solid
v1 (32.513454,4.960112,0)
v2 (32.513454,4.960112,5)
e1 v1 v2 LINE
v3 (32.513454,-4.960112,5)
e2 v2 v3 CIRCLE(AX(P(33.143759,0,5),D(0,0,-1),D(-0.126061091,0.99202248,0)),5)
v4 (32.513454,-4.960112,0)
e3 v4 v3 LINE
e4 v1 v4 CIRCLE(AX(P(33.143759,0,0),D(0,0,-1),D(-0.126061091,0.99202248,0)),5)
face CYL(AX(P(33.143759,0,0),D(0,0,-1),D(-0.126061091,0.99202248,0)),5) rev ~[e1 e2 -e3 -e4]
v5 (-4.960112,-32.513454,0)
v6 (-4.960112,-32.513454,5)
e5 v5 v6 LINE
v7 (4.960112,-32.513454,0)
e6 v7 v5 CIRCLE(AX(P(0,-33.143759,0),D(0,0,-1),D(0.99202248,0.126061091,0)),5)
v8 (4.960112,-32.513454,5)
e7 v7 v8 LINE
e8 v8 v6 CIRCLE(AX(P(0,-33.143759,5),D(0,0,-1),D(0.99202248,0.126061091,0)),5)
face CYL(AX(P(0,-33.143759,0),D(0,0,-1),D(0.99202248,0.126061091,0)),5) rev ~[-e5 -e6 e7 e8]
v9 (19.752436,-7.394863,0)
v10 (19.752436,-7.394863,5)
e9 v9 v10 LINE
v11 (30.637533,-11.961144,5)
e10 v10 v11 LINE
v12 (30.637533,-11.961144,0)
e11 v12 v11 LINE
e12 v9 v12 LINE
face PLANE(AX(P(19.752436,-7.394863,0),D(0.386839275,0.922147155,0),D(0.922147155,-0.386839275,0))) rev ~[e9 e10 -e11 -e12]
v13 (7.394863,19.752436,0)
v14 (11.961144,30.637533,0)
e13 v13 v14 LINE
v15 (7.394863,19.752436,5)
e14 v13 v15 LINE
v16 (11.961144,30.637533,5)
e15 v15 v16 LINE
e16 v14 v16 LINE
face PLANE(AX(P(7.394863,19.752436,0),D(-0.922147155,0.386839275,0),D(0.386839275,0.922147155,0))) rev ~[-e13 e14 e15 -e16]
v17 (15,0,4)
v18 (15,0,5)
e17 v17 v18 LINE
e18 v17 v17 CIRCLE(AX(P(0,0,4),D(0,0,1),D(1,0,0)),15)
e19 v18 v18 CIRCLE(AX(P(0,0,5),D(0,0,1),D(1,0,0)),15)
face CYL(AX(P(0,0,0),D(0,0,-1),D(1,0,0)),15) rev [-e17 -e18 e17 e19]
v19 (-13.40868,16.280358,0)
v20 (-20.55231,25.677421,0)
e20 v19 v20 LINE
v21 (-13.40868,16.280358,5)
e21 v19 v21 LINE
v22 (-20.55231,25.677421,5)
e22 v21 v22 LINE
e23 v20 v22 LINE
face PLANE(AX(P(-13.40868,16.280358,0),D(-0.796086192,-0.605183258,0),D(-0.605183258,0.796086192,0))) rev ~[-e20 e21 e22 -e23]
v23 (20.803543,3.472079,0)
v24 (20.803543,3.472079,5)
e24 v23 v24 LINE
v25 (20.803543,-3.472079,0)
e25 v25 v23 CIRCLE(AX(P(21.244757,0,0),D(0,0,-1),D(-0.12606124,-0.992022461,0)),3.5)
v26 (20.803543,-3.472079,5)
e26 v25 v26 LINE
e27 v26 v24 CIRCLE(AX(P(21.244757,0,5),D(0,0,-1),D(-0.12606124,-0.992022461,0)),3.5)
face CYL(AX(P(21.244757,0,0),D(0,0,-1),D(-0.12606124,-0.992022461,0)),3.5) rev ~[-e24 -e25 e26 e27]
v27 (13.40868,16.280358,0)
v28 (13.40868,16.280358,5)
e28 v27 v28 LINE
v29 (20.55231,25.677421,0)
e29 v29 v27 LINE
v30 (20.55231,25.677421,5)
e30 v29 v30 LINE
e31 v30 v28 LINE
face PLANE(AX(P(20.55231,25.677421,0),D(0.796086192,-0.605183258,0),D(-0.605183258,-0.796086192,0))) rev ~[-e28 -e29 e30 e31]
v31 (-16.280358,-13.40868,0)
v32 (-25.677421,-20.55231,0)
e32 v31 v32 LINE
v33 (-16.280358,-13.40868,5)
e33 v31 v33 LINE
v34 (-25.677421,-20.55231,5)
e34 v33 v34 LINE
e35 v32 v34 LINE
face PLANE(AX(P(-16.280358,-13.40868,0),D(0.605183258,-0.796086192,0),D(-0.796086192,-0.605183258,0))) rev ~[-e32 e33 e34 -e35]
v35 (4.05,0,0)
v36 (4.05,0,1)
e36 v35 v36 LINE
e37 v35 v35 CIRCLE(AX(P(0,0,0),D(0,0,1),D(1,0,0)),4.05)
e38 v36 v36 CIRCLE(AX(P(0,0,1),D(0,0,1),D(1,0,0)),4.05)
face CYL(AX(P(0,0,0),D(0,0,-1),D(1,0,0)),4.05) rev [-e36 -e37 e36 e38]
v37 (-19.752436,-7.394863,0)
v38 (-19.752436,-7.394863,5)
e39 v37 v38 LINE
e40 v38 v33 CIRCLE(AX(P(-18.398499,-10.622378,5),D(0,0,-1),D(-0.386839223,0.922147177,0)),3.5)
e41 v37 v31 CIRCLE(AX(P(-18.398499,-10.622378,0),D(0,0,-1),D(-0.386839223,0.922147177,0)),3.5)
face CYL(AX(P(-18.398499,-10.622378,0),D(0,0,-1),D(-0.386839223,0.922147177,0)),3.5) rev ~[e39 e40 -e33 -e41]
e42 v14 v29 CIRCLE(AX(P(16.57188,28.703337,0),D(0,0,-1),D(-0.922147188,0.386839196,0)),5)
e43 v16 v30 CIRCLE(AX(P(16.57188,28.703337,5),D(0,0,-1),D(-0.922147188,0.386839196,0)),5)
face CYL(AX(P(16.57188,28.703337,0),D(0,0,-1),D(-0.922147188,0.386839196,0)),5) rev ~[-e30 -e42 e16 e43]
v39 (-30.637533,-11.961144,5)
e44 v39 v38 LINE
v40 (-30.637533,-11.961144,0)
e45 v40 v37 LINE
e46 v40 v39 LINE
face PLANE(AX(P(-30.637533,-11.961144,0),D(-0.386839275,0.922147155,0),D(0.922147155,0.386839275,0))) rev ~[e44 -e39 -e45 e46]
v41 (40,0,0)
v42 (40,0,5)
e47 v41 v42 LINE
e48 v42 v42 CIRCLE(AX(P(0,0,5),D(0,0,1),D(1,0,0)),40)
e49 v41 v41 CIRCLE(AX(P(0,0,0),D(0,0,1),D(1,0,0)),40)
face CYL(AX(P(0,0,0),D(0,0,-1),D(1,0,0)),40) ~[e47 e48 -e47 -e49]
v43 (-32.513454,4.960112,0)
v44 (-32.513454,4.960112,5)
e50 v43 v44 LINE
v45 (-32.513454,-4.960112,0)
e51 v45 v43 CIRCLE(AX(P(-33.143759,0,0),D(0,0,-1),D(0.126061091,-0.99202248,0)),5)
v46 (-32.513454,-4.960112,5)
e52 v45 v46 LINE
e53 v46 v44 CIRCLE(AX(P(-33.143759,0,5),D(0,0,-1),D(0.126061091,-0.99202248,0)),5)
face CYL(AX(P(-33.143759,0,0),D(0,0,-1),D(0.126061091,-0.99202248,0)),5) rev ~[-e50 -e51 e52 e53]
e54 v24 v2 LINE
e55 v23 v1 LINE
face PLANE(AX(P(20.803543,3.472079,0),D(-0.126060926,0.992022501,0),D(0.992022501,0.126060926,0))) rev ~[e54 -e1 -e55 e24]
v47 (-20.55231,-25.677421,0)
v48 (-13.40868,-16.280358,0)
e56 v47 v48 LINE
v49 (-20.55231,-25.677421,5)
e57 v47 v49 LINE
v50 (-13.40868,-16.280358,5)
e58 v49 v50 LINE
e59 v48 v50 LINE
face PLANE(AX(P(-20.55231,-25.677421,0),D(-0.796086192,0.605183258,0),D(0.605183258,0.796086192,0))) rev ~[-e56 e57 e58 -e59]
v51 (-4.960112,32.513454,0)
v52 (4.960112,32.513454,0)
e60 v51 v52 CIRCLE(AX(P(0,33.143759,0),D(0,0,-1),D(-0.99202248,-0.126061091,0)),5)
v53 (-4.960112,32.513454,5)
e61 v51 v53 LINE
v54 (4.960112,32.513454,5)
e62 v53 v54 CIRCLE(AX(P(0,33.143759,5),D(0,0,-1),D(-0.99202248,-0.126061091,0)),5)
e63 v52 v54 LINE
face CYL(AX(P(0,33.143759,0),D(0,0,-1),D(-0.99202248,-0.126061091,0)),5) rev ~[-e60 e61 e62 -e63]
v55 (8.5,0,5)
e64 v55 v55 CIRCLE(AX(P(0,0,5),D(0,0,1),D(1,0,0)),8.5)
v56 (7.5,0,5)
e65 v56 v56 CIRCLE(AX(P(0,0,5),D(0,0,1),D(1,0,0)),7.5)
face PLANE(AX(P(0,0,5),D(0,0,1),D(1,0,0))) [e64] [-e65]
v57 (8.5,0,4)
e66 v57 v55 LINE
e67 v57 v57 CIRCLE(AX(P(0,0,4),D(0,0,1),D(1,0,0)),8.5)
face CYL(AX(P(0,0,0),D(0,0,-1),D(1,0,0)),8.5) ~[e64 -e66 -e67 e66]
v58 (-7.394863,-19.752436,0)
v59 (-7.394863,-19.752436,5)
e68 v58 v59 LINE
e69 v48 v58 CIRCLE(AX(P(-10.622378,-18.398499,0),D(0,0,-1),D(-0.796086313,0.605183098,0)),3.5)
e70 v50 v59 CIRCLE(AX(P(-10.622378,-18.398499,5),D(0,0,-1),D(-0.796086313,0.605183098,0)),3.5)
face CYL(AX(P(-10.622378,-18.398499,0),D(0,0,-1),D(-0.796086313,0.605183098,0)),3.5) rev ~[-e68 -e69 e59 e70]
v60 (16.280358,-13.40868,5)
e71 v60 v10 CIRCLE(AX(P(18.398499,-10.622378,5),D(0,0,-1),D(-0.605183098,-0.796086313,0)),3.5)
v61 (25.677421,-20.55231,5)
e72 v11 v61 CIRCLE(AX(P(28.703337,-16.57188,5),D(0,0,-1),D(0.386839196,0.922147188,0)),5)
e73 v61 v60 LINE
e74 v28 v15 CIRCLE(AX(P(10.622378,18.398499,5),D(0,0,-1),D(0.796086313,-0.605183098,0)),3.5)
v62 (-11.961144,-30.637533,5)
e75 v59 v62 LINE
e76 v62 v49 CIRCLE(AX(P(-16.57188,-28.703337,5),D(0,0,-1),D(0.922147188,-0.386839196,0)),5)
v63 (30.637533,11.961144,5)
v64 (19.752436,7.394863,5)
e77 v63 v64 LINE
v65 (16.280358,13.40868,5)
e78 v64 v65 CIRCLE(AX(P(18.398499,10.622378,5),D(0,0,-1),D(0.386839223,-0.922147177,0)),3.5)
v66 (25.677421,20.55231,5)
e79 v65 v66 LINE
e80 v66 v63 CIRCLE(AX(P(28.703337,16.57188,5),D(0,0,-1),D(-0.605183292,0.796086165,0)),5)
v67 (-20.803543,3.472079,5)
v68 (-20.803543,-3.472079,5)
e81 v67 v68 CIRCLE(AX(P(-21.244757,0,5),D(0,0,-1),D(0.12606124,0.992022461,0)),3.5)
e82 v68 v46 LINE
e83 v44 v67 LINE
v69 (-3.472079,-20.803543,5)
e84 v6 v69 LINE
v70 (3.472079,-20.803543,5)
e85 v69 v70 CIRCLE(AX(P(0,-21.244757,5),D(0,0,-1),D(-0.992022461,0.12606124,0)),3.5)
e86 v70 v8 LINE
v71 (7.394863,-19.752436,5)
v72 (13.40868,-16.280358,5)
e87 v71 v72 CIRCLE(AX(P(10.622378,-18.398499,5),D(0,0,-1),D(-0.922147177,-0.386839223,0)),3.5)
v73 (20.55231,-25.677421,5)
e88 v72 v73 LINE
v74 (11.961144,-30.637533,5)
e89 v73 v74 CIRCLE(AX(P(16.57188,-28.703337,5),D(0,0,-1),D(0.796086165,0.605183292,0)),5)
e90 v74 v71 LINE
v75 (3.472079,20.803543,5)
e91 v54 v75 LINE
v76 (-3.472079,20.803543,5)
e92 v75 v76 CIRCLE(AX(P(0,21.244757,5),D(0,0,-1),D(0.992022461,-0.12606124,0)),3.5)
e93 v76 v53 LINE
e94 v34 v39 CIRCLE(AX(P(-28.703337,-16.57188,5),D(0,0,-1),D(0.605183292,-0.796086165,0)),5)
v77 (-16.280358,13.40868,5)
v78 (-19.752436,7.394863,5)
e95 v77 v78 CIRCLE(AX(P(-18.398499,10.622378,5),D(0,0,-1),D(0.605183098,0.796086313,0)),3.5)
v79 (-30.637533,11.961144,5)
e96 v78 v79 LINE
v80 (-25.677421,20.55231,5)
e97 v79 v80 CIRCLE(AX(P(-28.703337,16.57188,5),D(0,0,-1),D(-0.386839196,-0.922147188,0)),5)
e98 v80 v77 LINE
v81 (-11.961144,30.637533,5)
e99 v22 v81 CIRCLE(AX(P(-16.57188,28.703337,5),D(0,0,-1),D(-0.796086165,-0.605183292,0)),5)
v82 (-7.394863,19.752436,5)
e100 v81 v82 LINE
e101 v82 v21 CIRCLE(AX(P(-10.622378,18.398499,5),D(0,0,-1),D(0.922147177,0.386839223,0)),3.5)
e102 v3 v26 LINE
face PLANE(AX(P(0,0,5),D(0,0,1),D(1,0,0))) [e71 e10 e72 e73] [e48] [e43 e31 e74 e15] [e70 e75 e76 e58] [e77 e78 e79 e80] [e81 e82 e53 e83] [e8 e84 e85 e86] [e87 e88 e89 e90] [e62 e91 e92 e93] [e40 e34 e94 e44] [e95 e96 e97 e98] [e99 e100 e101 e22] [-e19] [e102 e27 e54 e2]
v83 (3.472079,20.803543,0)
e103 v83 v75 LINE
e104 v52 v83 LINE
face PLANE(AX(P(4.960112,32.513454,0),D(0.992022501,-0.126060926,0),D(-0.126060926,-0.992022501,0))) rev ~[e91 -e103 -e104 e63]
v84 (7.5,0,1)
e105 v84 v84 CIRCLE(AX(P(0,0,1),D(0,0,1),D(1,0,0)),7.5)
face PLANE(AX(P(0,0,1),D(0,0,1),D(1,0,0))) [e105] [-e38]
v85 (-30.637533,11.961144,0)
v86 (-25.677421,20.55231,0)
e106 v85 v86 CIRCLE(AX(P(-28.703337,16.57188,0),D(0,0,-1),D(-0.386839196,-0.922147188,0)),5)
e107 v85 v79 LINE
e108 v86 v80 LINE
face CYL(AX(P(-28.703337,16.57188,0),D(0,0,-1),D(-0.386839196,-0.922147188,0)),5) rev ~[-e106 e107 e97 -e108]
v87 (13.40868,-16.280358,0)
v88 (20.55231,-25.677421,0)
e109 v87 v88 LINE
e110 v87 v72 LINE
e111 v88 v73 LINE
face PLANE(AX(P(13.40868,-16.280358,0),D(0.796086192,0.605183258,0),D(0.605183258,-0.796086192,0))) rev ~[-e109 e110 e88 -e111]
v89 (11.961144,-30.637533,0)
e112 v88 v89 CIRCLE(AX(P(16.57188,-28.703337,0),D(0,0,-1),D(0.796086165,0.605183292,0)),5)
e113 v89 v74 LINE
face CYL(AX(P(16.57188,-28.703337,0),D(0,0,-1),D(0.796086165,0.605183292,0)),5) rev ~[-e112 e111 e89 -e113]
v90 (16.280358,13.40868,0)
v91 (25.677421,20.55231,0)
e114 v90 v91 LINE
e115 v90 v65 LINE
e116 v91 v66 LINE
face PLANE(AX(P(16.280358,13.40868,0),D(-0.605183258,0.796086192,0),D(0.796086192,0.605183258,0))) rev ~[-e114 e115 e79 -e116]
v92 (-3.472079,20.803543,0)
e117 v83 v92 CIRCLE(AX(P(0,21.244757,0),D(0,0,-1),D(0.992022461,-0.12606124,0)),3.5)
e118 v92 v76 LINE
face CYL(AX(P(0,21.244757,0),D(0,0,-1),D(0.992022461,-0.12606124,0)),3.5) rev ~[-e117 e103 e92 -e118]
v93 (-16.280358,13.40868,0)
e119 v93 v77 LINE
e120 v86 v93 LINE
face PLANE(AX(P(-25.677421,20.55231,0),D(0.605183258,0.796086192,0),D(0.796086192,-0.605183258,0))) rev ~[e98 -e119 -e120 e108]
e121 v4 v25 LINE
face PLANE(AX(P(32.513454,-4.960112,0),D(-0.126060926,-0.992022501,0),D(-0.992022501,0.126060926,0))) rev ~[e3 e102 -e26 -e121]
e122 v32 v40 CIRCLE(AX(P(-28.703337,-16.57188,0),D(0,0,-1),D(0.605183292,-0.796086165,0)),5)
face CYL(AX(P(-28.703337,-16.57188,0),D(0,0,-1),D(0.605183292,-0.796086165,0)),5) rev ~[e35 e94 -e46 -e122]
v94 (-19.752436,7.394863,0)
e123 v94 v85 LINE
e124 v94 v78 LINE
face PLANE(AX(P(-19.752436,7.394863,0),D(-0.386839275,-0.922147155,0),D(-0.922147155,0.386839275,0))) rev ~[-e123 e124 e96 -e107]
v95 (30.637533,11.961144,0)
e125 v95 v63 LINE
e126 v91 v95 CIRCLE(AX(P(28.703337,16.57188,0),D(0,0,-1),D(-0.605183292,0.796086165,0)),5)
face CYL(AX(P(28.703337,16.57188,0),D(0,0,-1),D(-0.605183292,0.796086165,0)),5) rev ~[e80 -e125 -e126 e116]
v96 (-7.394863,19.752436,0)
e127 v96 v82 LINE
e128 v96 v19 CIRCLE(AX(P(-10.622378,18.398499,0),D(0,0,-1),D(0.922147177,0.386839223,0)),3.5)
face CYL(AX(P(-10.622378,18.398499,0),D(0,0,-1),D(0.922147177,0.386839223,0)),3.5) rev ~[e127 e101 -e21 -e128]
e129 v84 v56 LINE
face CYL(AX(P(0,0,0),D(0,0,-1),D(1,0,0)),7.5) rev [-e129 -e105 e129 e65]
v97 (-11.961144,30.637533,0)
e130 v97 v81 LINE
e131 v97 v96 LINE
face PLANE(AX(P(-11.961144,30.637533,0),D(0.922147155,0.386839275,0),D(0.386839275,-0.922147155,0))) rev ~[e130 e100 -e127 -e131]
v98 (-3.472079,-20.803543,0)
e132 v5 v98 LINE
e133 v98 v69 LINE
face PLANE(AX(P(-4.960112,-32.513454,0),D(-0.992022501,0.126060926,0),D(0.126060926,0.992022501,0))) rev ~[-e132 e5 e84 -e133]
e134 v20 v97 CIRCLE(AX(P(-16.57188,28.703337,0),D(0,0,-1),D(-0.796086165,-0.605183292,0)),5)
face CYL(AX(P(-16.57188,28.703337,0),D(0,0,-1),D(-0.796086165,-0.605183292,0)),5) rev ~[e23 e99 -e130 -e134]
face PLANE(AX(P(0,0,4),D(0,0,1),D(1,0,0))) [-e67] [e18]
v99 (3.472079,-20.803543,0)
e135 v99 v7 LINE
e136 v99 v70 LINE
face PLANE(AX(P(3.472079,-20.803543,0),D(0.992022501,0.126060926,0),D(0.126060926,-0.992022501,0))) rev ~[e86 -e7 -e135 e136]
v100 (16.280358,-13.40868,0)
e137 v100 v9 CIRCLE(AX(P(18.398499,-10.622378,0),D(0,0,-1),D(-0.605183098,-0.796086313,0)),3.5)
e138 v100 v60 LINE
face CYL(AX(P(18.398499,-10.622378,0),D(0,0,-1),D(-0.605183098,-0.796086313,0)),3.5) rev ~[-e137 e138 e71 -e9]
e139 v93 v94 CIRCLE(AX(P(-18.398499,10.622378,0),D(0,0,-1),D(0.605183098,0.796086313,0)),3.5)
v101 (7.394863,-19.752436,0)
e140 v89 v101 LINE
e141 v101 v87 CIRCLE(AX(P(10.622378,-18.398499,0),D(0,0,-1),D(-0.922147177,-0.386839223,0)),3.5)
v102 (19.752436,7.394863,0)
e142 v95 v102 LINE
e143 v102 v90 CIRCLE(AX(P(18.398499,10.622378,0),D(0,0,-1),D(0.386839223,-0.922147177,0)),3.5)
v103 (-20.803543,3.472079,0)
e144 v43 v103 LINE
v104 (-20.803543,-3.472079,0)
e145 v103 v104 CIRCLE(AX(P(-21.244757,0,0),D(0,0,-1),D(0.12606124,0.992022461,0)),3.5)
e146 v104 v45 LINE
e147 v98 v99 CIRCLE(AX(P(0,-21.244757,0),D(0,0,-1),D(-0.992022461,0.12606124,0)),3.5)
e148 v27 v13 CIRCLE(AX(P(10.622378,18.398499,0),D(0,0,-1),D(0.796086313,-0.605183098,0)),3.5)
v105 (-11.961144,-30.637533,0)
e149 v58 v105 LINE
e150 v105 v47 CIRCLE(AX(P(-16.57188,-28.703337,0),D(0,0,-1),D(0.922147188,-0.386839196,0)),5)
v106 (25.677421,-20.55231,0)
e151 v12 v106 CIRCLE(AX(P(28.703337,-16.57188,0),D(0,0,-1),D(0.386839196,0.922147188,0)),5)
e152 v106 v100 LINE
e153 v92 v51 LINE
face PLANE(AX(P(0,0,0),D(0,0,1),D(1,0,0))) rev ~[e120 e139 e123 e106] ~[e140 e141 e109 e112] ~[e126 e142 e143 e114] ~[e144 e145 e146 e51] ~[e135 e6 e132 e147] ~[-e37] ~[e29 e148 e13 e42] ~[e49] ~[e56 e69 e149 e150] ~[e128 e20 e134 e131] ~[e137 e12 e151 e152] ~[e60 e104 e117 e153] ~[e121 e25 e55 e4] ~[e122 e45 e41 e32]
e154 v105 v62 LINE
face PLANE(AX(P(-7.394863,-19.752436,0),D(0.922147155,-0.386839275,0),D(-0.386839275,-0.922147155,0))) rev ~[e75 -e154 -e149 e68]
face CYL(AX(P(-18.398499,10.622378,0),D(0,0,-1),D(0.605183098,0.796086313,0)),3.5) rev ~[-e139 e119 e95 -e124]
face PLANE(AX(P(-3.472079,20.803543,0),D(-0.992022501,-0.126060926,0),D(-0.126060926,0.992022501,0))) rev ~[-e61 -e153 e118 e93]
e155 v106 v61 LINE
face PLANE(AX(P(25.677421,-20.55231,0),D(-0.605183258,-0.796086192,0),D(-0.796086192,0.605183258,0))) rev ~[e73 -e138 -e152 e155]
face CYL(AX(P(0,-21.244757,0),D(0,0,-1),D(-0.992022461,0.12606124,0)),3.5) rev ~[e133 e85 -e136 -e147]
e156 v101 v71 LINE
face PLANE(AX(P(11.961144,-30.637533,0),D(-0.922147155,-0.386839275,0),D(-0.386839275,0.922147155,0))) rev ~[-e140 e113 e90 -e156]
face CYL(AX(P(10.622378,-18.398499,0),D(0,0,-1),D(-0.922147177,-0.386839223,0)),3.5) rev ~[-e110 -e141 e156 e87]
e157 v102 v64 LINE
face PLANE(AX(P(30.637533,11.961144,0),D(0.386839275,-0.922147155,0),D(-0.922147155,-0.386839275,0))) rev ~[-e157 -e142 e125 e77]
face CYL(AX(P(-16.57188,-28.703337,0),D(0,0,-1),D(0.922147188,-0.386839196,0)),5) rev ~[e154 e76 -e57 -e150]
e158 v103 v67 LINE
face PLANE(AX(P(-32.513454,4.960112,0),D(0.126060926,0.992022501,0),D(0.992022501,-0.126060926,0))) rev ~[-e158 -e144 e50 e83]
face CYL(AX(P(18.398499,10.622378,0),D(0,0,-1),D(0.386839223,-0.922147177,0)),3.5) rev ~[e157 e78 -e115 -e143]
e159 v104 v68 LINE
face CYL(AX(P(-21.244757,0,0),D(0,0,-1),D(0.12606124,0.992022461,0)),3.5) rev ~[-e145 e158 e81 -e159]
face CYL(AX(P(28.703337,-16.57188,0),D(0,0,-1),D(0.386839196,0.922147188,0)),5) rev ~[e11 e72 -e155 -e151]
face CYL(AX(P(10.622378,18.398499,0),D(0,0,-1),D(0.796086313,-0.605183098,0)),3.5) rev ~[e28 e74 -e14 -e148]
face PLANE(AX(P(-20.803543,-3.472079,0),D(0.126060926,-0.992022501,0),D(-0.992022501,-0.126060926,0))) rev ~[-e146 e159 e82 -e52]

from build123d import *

# Parameters (mm, degrees)
F0_R     = 40
F0_R_2   = 15
F1_DEPTH = 5
F0_R_3   = 8.5
F2_DEPTH = 4
F0_R_4   = 7.5
F3_DEPTH = 5
F0_R_5   = 4.05
F4_DEPTH = 1


with BuildPart() as f1:
    # F0 (on Top) → F1 (new body)
    with BuildSketch(Plane.XY):
        Circle(F0_R)
        with BuildLine():
            ThreePointArc((-11.961144, -30.637533), (-19.071879, -33.033464), (-20.55231, -25.677421))
            Line((-20.55231, -25.677421), (-13.40868, -16.280358))
            ThreePointArc((-13.40868, -16.280358), (-8.872378, -15.36741), (-7.394863, -19.752436))
            Line((-7.394863, -19.752436), (-11.961144, -30.637533))
        make_face(mode=Mode.SUBTRACT)
        with BuildLine():
            ThreePointArc((4.960112, -32.513454), (0, -38.143759), (-4.960112, -32.513454))
            Line((-4.960112, -32.513454), (-3.472079, -20.803543))
            ThreePointArc((-3.472079, -20.803543), (0, -17.744757), (3.472079, -20.803543))
            Line((3.472079, -20.803543), (4.960112, -32.513454))
        make_face(mode=Mode.SUBTRACT)
        with BuildLine():
            ThreePointArc((-25.677421, -20.55231), (-33.033464, -19.071879), (-30.637533, -11.961144))
            Line((-30.637533, -11.961144), (-19.752436, -7.394863))
            ThreePointArc((-19.752436, -7.394863), (-15.36741, -8.872378), (-16.280358, -13.40868))
            Line((-16.280358, -13.40868), (-25.677421, -20.55231))
        make_face(mode=Mode.SUBTRACT)
        with BuildLine():
            ThreePointArc((20.55231, -25.677421), (19.071879, -33.033464), (11.961144, -30.637533))
            Line((11.961144, -30.637533), (7.394863, -19.752436))
            ThreePointArc((7.394863, -19.752436), (8.872378, -15.36741), (13.40868, -16.280358))
            Line((13.40868, -16.280358), (20.55231, -25.677421))
        make_face(mode=Mode.SUBTRACT)
        with BuildLine():
            ThreePointArc((30.637533, -11.961144), (33.033464, -19.071879), (25.677421, -20.55231))
            Line((25.677421, -20.55231), (16.280358, -13.40868))
            ThreePointArc((16.280358, -13.40868), (15.36741, -8.872378), (19.752436, -7.394863))
            Line((19.752436, -7.394863), (30.637533, -11.961144))
        make_face(mode=Mode.SUBTRACT)
        with BuildLine():
            ThreePointArc((32.513454, 4.960112), (38.143759, 0), (32.513454, -4.960112))
            Line((32.513454, -4.960112), (20.803543, -3.472079))
            ThreePointArc((20.803543, -3.472079), (17.744757, 0), (20.803543, 3.472079))
            Line((20.803543, 3.472079), (32.513454, 4.960112))
        make_face(mode=Mode.SUBTRACT)
        with BuildLine():
            ThreePointArc((-32.513454, -4.960112), (-38.143759, 0), (-32.513454, 4.960112))
            Line((-32.513454, 4.960112), (-20.803543, 3.472079))
            ThreePointArc((-20.803543, 3.472079), (-17.744757, 0), (-20.803543, -3.472079))
            Line((-20.803543, -3.472079), (-32.513454, -4.960112))
        make_face(mode=Mode.SUBTRACT)
        with BuildLine():
            ThreePointArc((-30.637533, 11.961144), (-33.033464, 19.071879), (-25.677421, 20.55231))
            Line((-25.677421, 20.55231), (-16.280358, 13.40868))
            ThreePointArc((-16.280358, 13.40868), (-15.36741, 8.872378), (-19.752436, 7.394863))
            Line((-19.752436, 7.394863), (-30.637533, 11.961144))
        make_face(mode=Mode.SUBTRACT)
        with BuildLine():
            ThreePointArc((-20.55231, 25.677421), (-19.071879, 33.033464), (-11.961144, 30.637533))
            Line((-11.961144, 30.637533), (-7.394863, 19.752436))
            ThreePointArc((-7.394863, 19.752436), (-8.872378, 15.36741), (-13.40868, 16.280358))
            Line((-13.40868, 16.280358), (-20.55231, 25.677421))
        make_face(mode=Mode.SUBTRACT)
        Circle(F0_R_2, mode=Mode.SUBTRACT)
        with BuildLine():
            ThreePointArc((25.677421, 20.55231), (33.033464, 19.071879), (30.637533, 11.961144))
            Line((30.637533, 11.961144), (19.752436, 7.394863))
            ThreePointArc((19.752436, 7.394863), (15.36741, 8.872378), (16.280358, 13.40868))
            Line((16.280358, 13.40868), (25.677421, 20.55231))
        make_face(mode=Mode.SUBTRACT)
        with BuildLine():
            ThreePointArc((3.472079, 20.803543), (0, 17.744757), (-3.472079, 20.803543))
            Line((-3.472079, 20.803543), (-4.960112, 32.513454))
            ThreePointArc((-4.960112, 32.513454), (0, 38.143759), (4.960112, 32.513454))
            Line((4.960112, 32.513454), (3.472079, 20.803543))
        make_face(mode=Mode.SUBTRACT)
        with BuildLine():
            ThreePointArc((11.961144, 30.637533), (19.071879, 33.033464), (20.55231, 25.677421))
            Line((20.55231, 25.677421), (13.40868, 16.280358))
            ThreePointArc((13.40868, 16.280358), (8.872378, 15.36741), (7.394863, 19.752436))
            Line((7.394863, 19.752436), (11.961144, 30.637533))
        make_face(mode=Mode.SUBTRACT)
    extrude(amount=F1_DEPTH)

    # F0 (on Top) → F2 (join)
    with BuildSketch(Plane.XY):
        Circle(F0_R_2)
        Circle(F0_R_3, mode=Mode.SUBTRACT)
    extrude(amount=F2_DEPTH)

    # F0 (on Top) → F3 (join)
    with BuildSketch(Plane.XY):
        Circle(F0_R_3)
        Circle(F0_R_4, mode=Mode.SUBTRACT)
    extrude(amount=F3_DEPTH)

    # F0 (on Top) → F4 (join)
    with BuildSketch(Plane.XY):
        Circle(F0_R_4)
        Circle(F0_R_5, mode=Mode.SUBTRACT)
    extrude(amount=F4_DEPTH)


solid = f1.part
